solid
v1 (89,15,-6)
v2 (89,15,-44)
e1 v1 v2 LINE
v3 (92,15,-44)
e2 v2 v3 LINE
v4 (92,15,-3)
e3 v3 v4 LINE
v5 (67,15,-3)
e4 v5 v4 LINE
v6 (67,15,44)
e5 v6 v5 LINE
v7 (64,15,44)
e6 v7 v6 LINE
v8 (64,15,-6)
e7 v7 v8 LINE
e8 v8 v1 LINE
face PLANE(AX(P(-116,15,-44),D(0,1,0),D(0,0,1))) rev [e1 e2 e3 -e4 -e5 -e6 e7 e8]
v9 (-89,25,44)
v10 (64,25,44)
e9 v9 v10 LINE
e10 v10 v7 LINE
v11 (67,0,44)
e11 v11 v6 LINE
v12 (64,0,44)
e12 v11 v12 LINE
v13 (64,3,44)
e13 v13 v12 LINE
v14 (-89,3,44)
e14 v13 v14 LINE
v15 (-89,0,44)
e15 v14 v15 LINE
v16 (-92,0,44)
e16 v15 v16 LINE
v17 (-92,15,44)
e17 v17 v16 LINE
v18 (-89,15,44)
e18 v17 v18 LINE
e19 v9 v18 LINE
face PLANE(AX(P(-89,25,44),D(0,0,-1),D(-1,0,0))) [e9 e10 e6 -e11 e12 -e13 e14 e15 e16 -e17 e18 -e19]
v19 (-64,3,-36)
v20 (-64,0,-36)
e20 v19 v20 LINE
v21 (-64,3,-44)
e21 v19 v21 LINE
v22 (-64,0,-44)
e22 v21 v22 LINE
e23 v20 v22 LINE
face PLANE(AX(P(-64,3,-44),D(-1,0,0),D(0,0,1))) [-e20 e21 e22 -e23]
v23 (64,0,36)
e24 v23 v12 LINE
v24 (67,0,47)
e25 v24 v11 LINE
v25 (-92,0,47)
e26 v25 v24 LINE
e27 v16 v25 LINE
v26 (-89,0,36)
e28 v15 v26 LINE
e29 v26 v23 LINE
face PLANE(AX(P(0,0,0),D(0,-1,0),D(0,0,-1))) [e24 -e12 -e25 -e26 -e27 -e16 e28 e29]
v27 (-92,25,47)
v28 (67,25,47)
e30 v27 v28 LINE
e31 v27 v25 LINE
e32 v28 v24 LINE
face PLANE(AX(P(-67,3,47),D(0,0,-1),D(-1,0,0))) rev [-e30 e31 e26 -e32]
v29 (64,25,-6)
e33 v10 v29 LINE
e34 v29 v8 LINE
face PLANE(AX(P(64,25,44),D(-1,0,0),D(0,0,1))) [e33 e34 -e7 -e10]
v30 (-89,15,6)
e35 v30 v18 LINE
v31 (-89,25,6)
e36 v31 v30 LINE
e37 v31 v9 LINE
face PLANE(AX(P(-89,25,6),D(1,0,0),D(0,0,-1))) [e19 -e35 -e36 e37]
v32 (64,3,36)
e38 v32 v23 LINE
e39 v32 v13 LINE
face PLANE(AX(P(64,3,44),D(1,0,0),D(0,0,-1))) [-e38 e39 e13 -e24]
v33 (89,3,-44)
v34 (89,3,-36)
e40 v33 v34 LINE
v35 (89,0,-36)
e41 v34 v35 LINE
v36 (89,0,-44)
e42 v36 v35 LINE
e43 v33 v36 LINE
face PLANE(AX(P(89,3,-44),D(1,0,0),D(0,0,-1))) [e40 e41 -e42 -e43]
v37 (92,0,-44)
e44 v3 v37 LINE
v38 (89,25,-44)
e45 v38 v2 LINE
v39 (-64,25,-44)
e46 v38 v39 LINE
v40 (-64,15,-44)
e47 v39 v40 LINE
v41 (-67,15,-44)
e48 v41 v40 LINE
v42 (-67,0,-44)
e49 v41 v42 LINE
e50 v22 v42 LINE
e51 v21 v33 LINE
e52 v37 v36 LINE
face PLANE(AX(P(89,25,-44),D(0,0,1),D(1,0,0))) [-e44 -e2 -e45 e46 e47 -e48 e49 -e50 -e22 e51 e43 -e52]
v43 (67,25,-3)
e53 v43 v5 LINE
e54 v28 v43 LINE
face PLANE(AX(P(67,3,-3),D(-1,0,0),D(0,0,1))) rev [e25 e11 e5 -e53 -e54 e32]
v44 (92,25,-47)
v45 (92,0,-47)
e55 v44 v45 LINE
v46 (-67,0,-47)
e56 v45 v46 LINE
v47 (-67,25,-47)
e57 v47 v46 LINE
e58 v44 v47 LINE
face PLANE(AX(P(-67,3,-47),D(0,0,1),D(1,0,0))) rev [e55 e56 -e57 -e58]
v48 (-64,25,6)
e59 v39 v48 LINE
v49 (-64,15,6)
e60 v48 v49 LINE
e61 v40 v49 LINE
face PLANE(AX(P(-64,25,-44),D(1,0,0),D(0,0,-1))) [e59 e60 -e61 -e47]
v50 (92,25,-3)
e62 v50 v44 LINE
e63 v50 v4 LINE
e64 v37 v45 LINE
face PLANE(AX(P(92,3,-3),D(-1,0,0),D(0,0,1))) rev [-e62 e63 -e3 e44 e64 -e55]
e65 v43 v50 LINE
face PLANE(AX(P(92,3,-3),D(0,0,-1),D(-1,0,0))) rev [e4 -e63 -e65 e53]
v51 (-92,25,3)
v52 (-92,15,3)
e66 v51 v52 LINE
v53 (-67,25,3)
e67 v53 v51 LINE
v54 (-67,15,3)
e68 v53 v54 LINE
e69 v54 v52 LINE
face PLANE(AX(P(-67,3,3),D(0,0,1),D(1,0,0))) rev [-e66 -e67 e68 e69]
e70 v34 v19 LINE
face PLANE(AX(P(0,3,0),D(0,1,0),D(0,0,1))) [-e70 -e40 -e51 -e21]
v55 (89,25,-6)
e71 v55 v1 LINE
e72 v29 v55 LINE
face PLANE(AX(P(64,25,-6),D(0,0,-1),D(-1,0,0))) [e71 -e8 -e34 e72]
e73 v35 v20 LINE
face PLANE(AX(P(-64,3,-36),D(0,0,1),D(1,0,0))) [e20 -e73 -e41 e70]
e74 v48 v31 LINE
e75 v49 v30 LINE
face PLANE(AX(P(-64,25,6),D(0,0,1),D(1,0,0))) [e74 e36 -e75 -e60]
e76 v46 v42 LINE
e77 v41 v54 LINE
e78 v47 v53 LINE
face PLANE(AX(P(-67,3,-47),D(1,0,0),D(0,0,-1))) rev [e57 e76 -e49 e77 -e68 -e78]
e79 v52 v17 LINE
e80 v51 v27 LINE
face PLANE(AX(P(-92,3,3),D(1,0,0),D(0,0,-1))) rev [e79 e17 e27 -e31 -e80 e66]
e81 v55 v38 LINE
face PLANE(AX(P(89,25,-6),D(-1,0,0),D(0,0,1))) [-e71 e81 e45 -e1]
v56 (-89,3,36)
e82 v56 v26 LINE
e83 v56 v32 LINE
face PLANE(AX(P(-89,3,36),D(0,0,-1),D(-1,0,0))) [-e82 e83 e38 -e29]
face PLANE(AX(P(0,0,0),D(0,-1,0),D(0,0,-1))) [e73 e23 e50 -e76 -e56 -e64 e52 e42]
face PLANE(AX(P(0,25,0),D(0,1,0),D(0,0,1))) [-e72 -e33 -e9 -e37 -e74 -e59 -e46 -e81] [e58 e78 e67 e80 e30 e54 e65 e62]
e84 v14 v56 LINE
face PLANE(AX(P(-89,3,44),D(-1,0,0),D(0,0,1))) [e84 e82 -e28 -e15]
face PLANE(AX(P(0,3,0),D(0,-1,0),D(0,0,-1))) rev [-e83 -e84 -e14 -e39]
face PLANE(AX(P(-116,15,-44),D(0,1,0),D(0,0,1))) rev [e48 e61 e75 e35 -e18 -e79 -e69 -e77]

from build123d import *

# Parameters (mm, degrees)
BOSS_EXTRUDE1_DEPTH = 3
BOSS_EXTRUDE2_DEPTH = 22
SKETCH3_W           = 88
SKETCH3_H           = 19.19179848
CUT_EXTRUDE1_DEPTH  = 208
SKETCH5_W           = 153
SKETCH5_H           = 8
BOSS_EXTRUDE3_DEPTH = 3


with BuildPart() as part:
    # Sketch1 → Boss-Extrude1 (new body)
    with BuildSketch(Plane(origin=(0, 0, 0), x_dir=(1, 0, 0), z_dir=(0, 1, 0))):
        Polygon((-92, -3), (-92, -47), (-67, -47), (67, -47), (67, 3), (92, 3), (92, 47), (-67, 47), (-67, -3), align=None)
    extrude(amount=BOSS_EXTRUDE1_DEPTH)

    # Sketch2 → Boss-Extrude2 (add)
    with BuildSketch(Plane(origin=(0, 3, 0), x_dir=(1, 0, 0), z_dir=(0, 1, 0))):
        Polygon((92, 3), (92, 47), (-67, 47), (-67, -3), (-92, -3), (-92, -47), (67, -47), (67, 3), align=None)
        Polygon((-64, 44), (-64, -6), (-89, -6), (-89, -44), (64, -44), (64, 6), (89, 6), (89, 44), align=None, mode=Mode.SUBTRACT)
    extrude(amount=BOSS_EXTRUDE2_DEPTH)

    # Sketch3 → Cut-Extrude1 (cut)
    with BuildSketch(Plane(origin=(92, 0, 0), x_dir=(0, 0, -1), z_dir=(1, 0, 0))):
        with Locations((0, 5.40410076)):
            Rectangle(SKETCH3_W, SKETCH3_H)
    extrude(amount=-CUT_EXTRUDE1_DEPTH, mode=Mode.SUBTRACT)

    # Sketch5 → Boss-Extrude3 (add)
    with BuildSketch(Plane.XZ):
        with Locations((-12.5, 40)):
            Rectangle(SKETCH5_W, SKETCH5_H)
        with Locations((12.5, -40)):
            Rectangle(SKETCH5_W, SKETCH5_H)
    extrude(amount=-BOSS_EXTRUDE3_DEPTH)


solid = part.part
